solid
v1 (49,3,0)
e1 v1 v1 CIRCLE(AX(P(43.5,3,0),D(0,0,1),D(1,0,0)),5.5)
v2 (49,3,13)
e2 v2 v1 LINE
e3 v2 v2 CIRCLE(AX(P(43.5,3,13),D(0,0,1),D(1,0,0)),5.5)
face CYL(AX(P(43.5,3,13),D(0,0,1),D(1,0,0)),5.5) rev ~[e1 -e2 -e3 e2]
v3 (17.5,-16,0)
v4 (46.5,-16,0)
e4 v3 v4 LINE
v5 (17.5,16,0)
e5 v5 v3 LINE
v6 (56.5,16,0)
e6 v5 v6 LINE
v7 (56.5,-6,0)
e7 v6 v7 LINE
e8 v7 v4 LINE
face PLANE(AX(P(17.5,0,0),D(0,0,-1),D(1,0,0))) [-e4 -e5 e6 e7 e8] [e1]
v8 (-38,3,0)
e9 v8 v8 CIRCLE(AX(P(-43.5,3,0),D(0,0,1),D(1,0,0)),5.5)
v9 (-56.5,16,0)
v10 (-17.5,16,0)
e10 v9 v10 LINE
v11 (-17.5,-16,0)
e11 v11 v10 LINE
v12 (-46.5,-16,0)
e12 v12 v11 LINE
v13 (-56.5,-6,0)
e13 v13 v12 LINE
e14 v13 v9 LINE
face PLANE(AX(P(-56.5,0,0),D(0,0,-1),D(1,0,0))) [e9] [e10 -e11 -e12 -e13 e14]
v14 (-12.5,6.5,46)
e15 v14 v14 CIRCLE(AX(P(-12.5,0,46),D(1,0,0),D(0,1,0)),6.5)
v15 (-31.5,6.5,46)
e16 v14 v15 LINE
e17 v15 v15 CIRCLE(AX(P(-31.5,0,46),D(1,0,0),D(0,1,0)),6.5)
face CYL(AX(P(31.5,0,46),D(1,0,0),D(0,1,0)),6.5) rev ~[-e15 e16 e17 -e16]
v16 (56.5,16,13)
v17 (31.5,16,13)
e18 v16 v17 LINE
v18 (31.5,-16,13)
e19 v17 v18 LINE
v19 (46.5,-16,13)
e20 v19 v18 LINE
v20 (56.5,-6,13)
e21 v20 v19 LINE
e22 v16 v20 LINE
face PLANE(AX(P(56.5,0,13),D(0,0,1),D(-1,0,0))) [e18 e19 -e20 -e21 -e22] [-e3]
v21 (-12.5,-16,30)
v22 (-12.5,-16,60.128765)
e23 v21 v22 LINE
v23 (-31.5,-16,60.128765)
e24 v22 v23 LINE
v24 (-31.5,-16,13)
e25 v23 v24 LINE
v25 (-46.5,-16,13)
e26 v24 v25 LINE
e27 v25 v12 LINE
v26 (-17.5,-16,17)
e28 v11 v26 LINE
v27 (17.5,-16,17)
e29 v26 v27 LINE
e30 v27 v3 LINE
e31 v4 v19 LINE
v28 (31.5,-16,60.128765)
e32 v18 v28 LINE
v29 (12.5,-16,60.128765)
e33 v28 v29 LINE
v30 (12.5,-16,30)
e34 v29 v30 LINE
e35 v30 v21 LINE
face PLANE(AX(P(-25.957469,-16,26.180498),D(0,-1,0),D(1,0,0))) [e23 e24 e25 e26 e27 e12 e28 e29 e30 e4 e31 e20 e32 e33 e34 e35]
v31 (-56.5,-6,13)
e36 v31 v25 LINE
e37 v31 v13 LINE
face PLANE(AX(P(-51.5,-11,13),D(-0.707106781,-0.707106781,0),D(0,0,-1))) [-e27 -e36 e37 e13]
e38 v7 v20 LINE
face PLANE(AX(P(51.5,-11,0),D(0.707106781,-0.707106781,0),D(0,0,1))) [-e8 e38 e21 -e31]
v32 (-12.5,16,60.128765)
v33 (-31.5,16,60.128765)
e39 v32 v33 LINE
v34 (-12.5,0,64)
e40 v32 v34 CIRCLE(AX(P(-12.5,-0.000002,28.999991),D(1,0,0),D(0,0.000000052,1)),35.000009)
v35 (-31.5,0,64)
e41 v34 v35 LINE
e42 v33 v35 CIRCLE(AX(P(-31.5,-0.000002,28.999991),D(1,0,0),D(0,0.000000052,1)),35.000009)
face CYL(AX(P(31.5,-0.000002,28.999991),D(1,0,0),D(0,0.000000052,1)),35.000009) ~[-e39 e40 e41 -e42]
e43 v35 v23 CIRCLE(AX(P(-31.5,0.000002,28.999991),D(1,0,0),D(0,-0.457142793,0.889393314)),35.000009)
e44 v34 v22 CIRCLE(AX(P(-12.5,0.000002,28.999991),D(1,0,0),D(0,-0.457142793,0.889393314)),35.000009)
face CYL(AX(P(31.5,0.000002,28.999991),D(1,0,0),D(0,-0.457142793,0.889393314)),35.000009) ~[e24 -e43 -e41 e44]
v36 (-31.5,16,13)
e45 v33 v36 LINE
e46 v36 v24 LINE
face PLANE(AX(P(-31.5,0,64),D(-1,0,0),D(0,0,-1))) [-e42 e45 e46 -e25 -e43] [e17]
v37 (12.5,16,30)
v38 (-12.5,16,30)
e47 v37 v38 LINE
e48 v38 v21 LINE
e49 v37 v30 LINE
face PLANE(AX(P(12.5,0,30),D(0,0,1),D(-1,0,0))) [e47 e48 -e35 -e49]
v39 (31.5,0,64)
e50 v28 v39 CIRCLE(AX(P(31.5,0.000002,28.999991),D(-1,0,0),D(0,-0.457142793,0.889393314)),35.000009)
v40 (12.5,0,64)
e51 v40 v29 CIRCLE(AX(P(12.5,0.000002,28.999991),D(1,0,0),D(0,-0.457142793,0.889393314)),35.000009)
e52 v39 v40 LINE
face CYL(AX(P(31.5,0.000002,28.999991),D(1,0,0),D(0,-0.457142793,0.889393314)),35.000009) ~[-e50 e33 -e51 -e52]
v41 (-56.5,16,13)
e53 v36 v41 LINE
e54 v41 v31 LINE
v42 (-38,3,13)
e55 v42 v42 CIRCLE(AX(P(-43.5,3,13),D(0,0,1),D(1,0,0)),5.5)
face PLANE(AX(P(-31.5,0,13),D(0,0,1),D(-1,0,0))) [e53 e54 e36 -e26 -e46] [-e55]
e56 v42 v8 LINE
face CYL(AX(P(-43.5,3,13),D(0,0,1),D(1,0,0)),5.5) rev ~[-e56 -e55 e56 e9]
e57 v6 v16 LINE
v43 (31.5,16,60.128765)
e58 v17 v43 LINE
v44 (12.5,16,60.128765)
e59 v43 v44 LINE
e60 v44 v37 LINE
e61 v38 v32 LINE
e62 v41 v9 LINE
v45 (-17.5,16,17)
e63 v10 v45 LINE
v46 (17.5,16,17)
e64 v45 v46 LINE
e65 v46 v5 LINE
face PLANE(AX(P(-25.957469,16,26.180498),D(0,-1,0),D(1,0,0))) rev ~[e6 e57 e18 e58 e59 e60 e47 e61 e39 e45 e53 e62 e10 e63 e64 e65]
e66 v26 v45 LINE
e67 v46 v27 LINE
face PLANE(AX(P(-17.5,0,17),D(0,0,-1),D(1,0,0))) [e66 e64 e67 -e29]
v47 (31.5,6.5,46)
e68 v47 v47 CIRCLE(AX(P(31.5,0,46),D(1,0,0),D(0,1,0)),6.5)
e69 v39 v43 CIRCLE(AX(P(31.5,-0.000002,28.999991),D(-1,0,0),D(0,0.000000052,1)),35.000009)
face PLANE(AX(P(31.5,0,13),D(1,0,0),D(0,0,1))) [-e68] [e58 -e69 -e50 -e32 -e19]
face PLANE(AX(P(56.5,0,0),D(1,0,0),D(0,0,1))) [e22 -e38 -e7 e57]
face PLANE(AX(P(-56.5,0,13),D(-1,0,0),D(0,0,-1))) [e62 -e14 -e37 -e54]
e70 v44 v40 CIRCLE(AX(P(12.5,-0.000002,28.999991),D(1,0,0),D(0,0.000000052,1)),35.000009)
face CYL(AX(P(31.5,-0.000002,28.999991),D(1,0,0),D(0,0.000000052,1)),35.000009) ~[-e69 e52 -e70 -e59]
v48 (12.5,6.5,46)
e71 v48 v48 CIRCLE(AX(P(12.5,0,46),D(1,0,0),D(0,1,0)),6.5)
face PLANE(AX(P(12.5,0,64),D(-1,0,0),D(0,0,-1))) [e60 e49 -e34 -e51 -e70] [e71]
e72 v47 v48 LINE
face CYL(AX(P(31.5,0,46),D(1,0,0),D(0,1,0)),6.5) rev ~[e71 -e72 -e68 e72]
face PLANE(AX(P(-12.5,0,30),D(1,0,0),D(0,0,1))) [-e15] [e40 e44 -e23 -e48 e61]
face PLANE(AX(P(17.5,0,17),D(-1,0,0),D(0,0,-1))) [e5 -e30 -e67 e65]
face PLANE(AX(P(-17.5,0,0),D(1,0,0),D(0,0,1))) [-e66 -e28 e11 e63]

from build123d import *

# Parameters (mm, degrees)
F1_DEPTH = 16
F2_SIZE  = 10
F3_R     = 5.5
F4_DEPTH = 13.001
F5_R     = 6.5
F6_DEPTH = 88.001


with BuildPart() as f1:
    # F0 (on Front) → F1 (new body, symmetric)
    with BuildSketch(Plane.XZ):
        Polygon((-17.5, 17), (0, 17), (0, 30), (-12.5, 30), (-12.5, 64), (-31.5, 64), (-31.5, 13), (-56.5, 13), (-56.5, 0), (-17.5, 0), align=None)
        Polygon((0, 30), (0, 17), (17.5, 17), (17.5, 0), (56.5, 0), (56.5, 13), (31.5, 13), (31.5, 64), (12.5, 64), (12.5, 30), align=None)
    extrude(amount=F1_DEPTH, both=True)

    # F2
    f2_edges = [f1.edges().sort_by_distance(p)[0] for p in [
        (-56.5, -16, 6.5),
        (56.5, -16, 6.5),
    ]]
    chamfer(f2_edges, length=F2_SIZE)

    # F3 (on face) → F4 (cut, through all)
    with BuildSketch(Plane.XY.offset(13)):
        with Locations((43.5, 3)):
            Circle(F3_R)
        with Locations((-43.5, 3)):
            Circle(F3_R)
    extrude(amount=-F4_DEPTH, mode=Mode.SUBTRACT)

    # F5 (on face) → F6 (cut, through all)
    with BuildSketch(Plane.YZ.offset(31.5)):
        with BuildLine():
            ThreePointArc((-16, 60.128765), (-8.230833, 63.018427), (0, 64))
            Line((0, 64), (-16, 64))
            Line((-16, 64), (-16, 60.128765))
        make_face()
        with BuildLine():
            ThreePointArc((0, 64), (8.230833, 63.018427), (16, 60.128765))
            Line((16, 60.128765), (16, 64))
            Line((16, 64), (0, 64))
        make_face()
        with Locations((0, 46)):
            Circle(F5_R)
    extrude(amount=-F6_DEPTH, mode=Mode.SUBTRACT)


solid = f1.part
